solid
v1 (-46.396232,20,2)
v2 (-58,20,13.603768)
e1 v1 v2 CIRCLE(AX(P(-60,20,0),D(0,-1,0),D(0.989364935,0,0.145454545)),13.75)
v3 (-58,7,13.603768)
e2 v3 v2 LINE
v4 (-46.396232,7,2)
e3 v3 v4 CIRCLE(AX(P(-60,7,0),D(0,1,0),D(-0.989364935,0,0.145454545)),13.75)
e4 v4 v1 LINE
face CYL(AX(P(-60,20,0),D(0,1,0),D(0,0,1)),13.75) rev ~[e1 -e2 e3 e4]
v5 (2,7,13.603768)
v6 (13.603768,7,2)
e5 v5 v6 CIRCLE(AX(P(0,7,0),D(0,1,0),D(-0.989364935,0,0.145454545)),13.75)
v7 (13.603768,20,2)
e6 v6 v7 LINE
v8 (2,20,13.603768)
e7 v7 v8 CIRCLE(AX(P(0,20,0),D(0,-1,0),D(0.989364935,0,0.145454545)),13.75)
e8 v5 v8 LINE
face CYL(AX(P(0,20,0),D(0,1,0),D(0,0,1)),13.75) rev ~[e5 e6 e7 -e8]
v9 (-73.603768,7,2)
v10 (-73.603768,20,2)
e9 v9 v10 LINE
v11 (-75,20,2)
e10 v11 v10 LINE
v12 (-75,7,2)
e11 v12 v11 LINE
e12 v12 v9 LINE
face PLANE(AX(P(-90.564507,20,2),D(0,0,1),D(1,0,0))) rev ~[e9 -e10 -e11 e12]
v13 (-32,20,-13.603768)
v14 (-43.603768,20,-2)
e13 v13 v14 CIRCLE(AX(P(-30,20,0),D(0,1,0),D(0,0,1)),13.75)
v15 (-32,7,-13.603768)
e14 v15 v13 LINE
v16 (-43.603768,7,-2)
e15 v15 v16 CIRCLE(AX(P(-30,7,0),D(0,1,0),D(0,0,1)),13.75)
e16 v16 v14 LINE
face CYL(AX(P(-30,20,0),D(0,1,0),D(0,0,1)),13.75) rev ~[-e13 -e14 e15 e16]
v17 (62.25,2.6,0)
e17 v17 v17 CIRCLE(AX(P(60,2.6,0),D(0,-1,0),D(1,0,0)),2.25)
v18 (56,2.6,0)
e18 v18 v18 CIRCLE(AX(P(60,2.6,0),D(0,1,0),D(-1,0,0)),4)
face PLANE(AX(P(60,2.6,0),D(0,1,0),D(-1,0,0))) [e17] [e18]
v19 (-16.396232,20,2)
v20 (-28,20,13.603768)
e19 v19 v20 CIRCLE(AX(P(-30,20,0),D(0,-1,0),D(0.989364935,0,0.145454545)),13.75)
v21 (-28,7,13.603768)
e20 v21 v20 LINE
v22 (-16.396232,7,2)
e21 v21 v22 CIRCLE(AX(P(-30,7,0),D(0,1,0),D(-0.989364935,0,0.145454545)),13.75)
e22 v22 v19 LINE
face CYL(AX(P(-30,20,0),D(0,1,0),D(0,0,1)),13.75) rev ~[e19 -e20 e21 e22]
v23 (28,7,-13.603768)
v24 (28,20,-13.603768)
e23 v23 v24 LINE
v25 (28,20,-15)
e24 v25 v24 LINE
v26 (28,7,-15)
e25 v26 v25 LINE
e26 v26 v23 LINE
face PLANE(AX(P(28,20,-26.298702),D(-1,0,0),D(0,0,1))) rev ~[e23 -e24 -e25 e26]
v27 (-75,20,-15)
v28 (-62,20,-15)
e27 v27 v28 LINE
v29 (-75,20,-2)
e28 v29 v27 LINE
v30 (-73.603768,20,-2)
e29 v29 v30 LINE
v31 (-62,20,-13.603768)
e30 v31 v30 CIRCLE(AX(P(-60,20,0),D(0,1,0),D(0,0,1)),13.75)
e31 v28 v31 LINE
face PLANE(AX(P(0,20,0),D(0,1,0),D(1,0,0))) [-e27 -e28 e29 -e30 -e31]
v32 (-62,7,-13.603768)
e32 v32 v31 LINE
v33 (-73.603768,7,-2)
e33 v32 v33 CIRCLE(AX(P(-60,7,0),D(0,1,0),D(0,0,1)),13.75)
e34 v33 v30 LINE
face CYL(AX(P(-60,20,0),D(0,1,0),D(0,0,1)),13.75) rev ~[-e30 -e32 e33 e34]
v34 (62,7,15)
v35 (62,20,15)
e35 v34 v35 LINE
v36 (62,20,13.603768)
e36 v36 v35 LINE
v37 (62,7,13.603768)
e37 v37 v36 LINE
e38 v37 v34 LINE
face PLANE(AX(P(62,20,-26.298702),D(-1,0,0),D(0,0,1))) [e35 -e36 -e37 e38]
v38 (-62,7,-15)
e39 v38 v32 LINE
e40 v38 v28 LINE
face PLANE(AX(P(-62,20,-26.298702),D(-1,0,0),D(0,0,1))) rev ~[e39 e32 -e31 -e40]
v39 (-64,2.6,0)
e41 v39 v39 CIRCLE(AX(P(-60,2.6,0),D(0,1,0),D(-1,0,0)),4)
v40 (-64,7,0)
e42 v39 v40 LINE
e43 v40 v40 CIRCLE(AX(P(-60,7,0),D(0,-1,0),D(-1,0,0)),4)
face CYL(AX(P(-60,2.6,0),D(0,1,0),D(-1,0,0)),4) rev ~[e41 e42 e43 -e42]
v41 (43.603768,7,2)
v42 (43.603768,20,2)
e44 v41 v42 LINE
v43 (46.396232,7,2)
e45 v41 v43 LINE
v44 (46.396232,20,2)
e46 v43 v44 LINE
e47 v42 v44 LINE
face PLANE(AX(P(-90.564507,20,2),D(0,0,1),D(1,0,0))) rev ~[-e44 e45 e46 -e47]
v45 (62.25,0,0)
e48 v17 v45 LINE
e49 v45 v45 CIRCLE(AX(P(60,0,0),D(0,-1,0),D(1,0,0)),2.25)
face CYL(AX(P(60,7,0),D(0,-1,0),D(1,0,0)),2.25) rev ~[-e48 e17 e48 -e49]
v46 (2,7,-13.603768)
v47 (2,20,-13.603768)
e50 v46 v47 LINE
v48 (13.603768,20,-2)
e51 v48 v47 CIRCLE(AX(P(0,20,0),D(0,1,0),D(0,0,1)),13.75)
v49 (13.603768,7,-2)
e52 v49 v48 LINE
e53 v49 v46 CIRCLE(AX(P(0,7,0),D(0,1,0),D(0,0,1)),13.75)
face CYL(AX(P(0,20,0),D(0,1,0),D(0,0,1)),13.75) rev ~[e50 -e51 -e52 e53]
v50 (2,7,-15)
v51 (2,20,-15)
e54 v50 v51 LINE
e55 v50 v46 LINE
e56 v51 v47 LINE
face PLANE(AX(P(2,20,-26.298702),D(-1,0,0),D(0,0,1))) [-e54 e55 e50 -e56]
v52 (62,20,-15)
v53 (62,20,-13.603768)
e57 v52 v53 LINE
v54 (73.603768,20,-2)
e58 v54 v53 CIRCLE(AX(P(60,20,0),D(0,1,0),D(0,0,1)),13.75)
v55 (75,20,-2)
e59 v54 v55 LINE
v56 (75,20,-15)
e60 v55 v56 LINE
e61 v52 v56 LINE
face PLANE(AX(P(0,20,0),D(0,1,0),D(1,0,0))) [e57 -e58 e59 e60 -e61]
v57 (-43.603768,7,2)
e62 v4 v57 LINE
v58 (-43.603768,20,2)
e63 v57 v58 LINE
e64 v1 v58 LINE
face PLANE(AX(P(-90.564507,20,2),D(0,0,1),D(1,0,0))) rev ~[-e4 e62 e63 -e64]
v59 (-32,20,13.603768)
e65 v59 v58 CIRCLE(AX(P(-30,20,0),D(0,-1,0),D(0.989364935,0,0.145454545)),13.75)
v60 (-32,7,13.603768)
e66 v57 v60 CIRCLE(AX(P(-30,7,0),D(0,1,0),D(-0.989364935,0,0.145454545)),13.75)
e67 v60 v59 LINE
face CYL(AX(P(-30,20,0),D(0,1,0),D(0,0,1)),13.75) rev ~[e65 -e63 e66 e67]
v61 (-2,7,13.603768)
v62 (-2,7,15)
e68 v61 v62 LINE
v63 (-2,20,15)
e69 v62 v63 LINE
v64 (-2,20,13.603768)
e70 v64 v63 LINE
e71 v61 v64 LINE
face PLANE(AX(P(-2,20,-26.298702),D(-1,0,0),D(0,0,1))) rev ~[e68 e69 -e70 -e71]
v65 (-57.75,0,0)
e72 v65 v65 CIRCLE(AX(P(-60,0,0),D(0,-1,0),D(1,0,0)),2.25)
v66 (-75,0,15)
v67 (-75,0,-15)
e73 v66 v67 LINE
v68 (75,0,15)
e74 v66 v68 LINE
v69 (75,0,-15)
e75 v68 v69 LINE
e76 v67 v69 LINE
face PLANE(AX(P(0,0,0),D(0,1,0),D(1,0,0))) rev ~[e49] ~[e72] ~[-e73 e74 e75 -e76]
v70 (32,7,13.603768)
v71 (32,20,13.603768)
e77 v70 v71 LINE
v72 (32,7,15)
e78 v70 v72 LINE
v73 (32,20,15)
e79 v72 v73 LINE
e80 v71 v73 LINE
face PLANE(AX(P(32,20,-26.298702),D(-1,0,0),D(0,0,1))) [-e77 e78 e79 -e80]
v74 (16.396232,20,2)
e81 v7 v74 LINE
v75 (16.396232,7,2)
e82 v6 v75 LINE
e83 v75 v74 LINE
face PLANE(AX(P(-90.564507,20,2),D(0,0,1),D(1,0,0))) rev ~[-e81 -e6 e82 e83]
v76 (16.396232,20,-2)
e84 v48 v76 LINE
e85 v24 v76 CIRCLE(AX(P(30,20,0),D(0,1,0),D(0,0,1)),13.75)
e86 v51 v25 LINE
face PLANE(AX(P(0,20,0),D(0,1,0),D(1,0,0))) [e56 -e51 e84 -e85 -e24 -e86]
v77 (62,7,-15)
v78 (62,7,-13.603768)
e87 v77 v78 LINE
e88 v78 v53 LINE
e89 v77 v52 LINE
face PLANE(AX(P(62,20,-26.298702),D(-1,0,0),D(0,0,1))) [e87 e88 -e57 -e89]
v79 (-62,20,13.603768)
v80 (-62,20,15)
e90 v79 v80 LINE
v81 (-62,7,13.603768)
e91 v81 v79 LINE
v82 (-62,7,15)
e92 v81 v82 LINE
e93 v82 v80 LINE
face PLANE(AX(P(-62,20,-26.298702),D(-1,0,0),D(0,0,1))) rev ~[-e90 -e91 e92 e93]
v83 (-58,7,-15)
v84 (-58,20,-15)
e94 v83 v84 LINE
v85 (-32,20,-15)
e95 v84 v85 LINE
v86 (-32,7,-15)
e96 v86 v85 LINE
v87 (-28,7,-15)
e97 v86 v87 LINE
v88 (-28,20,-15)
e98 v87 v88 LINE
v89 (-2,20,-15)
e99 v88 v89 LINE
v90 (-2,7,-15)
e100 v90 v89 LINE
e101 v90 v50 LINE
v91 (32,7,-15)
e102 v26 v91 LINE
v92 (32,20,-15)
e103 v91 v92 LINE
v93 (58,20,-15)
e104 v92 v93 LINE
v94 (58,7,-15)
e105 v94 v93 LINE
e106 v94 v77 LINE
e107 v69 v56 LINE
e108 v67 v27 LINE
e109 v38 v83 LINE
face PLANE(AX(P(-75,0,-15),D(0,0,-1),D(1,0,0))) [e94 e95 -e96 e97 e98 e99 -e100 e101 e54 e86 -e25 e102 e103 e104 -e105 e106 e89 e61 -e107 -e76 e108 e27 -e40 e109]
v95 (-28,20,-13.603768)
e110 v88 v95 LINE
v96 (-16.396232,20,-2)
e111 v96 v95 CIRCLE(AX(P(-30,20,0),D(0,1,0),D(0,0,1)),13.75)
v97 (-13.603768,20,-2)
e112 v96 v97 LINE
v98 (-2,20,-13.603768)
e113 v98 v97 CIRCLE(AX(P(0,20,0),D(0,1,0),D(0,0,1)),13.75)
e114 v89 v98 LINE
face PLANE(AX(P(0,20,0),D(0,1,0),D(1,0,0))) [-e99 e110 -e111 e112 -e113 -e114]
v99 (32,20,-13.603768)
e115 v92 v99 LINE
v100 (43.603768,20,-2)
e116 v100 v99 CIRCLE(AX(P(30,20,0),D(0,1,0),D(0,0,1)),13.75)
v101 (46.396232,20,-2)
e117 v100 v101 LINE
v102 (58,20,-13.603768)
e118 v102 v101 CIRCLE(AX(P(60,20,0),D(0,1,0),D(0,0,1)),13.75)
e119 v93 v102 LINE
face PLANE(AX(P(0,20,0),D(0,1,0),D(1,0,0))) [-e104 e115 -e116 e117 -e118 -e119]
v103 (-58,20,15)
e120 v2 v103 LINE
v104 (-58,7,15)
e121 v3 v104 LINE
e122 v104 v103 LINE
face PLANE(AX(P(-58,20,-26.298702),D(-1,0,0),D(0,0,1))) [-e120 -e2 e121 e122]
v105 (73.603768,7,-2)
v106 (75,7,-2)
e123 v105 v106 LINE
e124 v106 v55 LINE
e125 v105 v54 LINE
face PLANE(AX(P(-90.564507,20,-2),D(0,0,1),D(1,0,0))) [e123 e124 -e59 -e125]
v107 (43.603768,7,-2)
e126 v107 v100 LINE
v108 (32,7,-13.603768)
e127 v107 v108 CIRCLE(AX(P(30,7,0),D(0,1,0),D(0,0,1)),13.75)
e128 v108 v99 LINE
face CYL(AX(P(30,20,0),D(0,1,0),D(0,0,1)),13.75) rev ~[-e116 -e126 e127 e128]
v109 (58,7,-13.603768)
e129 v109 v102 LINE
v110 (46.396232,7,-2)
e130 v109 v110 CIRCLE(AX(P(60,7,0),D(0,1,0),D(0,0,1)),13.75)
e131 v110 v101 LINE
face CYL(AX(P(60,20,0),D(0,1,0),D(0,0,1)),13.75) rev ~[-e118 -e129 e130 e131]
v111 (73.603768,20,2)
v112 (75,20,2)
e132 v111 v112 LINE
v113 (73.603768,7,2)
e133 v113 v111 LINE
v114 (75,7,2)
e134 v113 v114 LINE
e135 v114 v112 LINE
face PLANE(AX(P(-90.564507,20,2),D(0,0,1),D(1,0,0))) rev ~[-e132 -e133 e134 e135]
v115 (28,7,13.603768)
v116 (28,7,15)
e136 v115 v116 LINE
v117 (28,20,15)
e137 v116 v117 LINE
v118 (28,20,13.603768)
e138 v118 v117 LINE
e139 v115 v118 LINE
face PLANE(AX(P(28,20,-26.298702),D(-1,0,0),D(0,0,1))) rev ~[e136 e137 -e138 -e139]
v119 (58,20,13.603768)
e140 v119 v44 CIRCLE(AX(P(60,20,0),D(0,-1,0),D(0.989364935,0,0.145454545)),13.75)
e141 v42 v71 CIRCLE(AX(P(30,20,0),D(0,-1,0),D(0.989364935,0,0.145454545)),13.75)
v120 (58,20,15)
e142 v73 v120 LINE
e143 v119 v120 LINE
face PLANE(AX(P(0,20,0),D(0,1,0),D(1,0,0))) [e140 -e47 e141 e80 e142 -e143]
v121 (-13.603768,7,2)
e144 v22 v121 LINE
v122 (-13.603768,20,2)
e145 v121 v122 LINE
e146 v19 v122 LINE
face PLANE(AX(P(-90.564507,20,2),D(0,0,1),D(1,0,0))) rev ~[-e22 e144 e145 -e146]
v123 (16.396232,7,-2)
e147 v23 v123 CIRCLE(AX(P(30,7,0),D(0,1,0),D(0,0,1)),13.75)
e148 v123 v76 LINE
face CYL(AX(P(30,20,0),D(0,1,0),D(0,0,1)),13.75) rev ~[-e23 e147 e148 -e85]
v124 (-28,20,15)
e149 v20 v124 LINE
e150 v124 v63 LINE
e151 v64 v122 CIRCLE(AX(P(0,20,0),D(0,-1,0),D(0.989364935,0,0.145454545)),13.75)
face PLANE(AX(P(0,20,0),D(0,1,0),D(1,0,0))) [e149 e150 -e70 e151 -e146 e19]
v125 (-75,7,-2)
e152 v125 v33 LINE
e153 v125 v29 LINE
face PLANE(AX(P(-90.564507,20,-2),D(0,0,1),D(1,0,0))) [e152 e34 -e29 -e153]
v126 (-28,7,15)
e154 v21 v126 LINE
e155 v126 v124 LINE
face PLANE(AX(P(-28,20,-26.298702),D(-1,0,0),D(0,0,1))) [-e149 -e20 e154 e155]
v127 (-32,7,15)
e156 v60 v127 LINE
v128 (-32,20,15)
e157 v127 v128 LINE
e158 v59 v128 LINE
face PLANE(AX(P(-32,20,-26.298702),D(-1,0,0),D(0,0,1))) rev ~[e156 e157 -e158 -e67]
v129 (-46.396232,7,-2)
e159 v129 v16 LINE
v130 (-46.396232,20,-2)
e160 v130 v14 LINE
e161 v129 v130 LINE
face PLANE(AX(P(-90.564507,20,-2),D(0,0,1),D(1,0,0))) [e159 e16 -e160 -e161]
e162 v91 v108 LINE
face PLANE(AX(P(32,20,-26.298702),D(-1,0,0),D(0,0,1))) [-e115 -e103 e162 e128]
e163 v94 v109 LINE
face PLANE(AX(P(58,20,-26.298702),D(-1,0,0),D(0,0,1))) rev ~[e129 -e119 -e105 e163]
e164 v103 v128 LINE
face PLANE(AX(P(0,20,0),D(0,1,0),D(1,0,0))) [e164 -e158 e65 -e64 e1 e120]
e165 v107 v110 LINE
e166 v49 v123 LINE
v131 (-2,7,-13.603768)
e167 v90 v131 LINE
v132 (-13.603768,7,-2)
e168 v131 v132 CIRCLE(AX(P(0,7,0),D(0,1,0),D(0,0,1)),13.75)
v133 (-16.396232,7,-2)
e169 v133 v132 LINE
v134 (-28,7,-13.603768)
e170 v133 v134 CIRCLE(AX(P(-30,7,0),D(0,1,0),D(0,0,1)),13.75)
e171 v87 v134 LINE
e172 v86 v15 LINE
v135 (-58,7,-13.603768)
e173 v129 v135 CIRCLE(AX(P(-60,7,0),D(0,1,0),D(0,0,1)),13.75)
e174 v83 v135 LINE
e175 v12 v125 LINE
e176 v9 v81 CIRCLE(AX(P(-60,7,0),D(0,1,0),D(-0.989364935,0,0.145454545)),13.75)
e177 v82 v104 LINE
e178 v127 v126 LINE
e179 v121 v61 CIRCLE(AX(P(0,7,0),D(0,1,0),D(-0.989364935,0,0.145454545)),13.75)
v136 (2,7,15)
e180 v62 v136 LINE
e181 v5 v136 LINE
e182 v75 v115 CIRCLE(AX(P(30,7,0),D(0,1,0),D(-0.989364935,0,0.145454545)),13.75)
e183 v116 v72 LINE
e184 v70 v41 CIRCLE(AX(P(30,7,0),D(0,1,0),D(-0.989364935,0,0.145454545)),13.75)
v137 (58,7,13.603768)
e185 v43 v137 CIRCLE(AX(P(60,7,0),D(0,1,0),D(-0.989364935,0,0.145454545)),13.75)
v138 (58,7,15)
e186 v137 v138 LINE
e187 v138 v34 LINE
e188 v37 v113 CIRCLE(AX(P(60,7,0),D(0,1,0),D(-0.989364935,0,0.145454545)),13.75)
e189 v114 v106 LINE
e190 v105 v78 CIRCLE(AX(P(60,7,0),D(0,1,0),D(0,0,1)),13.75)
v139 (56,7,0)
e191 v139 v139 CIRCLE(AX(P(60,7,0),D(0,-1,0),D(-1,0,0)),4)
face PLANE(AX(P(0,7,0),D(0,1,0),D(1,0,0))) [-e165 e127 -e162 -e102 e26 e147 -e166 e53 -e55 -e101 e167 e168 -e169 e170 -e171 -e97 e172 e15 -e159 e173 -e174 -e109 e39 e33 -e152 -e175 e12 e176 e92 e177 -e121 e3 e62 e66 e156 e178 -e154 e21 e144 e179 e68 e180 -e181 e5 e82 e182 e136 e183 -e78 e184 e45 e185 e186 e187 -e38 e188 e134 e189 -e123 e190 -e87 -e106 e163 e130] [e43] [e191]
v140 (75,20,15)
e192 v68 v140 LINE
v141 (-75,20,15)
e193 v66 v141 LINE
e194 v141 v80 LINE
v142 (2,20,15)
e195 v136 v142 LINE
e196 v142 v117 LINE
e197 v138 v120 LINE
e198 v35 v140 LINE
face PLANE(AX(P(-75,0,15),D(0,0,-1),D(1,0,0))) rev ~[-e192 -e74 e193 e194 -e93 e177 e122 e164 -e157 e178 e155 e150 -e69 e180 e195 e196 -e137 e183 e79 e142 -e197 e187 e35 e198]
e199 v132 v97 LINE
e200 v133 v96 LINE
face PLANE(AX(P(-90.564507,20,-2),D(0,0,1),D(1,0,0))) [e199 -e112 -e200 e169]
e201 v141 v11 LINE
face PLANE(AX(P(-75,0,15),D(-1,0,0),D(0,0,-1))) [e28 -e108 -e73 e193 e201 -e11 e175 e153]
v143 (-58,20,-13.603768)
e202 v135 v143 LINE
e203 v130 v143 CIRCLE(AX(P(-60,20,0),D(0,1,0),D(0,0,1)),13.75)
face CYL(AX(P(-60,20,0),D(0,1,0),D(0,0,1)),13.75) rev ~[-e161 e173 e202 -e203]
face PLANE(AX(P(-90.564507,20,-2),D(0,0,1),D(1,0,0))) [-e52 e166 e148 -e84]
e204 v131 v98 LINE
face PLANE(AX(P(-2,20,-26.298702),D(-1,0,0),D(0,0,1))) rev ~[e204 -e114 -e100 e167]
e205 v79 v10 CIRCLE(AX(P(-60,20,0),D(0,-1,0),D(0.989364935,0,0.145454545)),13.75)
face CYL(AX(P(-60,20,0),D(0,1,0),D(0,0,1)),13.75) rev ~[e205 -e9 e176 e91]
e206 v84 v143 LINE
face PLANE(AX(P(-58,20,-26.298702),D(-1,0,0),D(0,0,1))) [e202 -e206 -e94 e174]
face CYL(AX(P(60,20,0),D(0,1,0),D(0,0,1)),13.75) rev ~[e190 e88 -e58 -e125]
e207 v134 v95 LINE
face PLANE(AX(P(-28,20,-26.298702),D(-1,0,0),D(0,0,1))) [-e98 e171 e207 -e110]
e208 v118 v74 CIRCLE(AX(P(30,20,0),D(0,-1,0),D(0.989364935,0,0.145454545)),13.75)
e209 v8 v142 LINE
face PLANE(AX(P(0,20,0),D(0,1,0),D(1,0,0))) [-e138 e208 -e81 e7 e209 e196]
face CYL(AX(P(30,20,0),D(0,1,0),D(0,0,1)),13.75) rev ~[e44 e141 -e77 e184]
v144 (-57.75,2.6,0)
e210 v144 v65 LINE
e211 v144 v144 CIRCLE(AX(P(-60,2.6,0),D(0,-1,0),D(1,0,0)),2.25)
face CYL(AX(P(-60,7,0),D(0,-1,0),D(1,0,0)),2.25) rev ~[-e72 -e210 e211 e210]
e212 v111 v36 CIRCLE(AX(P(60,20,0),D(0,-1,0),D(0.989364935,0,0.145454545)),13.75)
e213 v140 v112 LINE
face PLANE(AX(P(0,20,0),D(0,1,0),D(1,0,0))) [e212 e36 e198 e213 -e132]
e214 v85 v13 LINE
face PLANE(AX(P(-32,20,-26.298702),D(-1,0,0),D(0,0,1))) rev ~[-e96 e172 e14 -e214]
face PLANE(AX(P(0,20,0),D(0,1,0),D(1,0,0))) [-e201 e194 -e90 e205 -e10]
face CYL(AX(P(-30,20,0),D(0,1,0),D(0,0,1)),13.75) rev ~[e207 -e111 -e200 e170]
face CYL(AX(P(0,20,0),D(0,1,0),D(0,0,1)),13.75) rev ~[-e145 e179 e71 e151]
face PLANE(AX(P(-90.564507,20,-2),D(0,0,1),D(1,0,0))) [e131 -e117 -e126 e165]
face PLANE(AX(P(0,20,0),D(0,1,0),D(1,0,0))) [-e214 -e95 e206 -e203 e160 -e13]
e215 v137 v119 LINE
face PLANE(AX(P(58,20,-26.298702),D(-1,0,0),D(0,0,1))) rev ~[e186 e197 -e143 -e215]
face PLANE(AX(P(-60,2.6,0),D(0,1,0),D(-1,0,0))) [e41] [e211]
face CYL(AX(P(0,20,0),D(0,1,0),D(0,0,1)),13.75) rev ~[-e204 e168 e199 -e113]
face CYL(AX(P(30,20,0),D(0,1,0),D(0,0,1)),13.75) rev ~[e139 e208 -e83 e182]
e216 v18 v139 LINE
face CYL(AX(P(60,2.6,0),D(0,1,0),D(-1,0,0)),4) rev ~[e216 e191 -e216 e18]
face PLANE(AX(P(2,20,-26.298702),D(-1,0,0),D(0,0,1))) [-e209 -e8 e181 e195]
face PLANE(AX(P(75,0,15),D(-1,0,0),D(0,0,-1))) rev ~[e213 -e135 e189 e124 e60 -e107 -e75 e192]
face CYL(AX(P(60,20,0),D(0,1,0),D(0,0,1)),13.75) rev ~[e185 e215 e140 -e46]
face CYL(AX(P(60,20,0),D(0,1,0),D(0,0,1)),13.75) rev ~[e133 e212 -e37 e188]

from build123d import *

# Parameters (mm, degrees)
SKETCH2_W                                           = 150
SKETCH2_H                                           = 30
BOSS_EXTRUDE1_DEPTH                                 = 20
SKETCH3_R                                           = 13.75
CUT_EXTRUDE1_DEPTH                                  = 13
LPATTERN1_COUNT                                     = 5
LPATTERN1_PITCH                                     = 30
CBORE_FOR_M4_HEX_SOCKET_HEAD_CAP_SCREW1_D           = 4.5
CBORE_FOR_M4_HEX_SOCKET_HEAD_CAP_SCREW1_CBORE_D     = 8
CBORE_FOR_M4_HEX_SOCKET_HEAD_CAP_SCREW1_CBORE_DEPTH = 4.4
LPATTERN2_COUNT                                     = 2
LPATTERN2_PITCH                                     = 120
SKETCH7_W                                           = 181.12901383
SKETCH7_H                                           = 4
CUT_EXTRUDE3_DEPTH                                  = 13
SKETCH8_W                                           = 4
SKETCH8_H                                           = 50
CUT_EXTRUDE4_DEPTH                                  = 13
LPATTERN3_COUNT                                     = 5
LPATTERN3_PITCH                                     = 30


with BuildPart() as part:
    # Sketch2 → Boss-Extrude1 (new body)
    with BuildSketch(Plane(origin=(0, 0, 0), x_dir=(1, 0, 0), z_dir=(0, 1, 0))):
        Rectangle(SKETCH2_W, SKETCH2_H)
    extrude(amount=BOSS_EXTRUDE1_DEPTH)

    # Sketch3 → Cut-Extrude1 (cut)
    with BuildSketch(Plane(origin=(0, 20, 0), x_dir=(1, 0, 0), z_dir=(0, 1, 0))):
        with Locations(Location((-60, 0, 0), (0, 0, 270))):
            Circle(SKETCH3_R)
    cut_extrude1 = extrude(amount=-CUT_EXTRUDE1_DEPTH, mode=Mode.SUBTRACT)

    # LPattern1: Cut-Extrude1 ×5
    with Locations(*[(i * LPATTERN1_PITCH, 0, 0) for i in range(1, LPATTERN1_COUNT)]):
        add(cut_extrude1, mode=Mode.SUBTRACT)

    # CBORE for M4 Hex Socket Head Cap Screw1 (through all)
    with Locations(Plane(origin=(0, 7, 0), x_dir=(-1, 0, 0), z_dir=(0, 1, 0))):
        with Locations((60, 0)):
            cbore_for_m4_hex_socket_head_cap_screw1 = CounterBoreHole(CBORE_FOR_M4_HEX_SOCKET_HEAD_CAP_SCREW1_D / 2, CBORE_FOR_M4_HEX_SOCKET_HEAD_CAP_SCREW1_CBORE_D / 2, CBORE_FOR_M4_HEX_SOCKET_HEAD_CAP_SCREW1_CBORE_DEPTH)

    # LPattern2: CBORE for M4 Hex Socket Head Cap Screw1 ×2
    with Locations(*[(i * LPATTERN2_PITCH, 0, 0) for i in range(1, LPATTERN2_COUNT)]):
        add(cbore_for_m4_hex_socket_head_cap_screw1, mode=Mode.SUBTRACT)

    # Sketch7 → Cut-Extrude3 (cut)
    with BuildSketch(Plane(origin=(0, 20, 0), x_dir=(1, 0, 0), z_dir=(0, 1, 0))):
        Rectangle(SKETCH7_W, SKETCH7_H)
    extrude(amount=-CUT_EXTRUDE3_DEPTH, mode=Mode.SUBTRACT)

    # Sketch8 → Cut-Extrude4 (cut)
    with BuildSketch(Plane(origin=(0, 20, 0), x_dir=(-1, 0, 0), z_dir=(0, 1, 0))):
        with Locations((60, -1.298701607)):
            Rectangle(SKETCH8_W, SKETCH8_H)
    cut_extrude4 = extrude(amount=-CUT_EXTRUDE4_DEPTH, mode=Mode.SUBTRACT)

    # LPattern3: Cut-Extrude4 ×5
    with Locations(*[(i * LPATTERN3_PITCH, 0, 0) for i in range(1, LPATTERN3_COUNT)]):
        add(cut_extrude4, mode=Mode.SUBTRACT)


solid = part.part
